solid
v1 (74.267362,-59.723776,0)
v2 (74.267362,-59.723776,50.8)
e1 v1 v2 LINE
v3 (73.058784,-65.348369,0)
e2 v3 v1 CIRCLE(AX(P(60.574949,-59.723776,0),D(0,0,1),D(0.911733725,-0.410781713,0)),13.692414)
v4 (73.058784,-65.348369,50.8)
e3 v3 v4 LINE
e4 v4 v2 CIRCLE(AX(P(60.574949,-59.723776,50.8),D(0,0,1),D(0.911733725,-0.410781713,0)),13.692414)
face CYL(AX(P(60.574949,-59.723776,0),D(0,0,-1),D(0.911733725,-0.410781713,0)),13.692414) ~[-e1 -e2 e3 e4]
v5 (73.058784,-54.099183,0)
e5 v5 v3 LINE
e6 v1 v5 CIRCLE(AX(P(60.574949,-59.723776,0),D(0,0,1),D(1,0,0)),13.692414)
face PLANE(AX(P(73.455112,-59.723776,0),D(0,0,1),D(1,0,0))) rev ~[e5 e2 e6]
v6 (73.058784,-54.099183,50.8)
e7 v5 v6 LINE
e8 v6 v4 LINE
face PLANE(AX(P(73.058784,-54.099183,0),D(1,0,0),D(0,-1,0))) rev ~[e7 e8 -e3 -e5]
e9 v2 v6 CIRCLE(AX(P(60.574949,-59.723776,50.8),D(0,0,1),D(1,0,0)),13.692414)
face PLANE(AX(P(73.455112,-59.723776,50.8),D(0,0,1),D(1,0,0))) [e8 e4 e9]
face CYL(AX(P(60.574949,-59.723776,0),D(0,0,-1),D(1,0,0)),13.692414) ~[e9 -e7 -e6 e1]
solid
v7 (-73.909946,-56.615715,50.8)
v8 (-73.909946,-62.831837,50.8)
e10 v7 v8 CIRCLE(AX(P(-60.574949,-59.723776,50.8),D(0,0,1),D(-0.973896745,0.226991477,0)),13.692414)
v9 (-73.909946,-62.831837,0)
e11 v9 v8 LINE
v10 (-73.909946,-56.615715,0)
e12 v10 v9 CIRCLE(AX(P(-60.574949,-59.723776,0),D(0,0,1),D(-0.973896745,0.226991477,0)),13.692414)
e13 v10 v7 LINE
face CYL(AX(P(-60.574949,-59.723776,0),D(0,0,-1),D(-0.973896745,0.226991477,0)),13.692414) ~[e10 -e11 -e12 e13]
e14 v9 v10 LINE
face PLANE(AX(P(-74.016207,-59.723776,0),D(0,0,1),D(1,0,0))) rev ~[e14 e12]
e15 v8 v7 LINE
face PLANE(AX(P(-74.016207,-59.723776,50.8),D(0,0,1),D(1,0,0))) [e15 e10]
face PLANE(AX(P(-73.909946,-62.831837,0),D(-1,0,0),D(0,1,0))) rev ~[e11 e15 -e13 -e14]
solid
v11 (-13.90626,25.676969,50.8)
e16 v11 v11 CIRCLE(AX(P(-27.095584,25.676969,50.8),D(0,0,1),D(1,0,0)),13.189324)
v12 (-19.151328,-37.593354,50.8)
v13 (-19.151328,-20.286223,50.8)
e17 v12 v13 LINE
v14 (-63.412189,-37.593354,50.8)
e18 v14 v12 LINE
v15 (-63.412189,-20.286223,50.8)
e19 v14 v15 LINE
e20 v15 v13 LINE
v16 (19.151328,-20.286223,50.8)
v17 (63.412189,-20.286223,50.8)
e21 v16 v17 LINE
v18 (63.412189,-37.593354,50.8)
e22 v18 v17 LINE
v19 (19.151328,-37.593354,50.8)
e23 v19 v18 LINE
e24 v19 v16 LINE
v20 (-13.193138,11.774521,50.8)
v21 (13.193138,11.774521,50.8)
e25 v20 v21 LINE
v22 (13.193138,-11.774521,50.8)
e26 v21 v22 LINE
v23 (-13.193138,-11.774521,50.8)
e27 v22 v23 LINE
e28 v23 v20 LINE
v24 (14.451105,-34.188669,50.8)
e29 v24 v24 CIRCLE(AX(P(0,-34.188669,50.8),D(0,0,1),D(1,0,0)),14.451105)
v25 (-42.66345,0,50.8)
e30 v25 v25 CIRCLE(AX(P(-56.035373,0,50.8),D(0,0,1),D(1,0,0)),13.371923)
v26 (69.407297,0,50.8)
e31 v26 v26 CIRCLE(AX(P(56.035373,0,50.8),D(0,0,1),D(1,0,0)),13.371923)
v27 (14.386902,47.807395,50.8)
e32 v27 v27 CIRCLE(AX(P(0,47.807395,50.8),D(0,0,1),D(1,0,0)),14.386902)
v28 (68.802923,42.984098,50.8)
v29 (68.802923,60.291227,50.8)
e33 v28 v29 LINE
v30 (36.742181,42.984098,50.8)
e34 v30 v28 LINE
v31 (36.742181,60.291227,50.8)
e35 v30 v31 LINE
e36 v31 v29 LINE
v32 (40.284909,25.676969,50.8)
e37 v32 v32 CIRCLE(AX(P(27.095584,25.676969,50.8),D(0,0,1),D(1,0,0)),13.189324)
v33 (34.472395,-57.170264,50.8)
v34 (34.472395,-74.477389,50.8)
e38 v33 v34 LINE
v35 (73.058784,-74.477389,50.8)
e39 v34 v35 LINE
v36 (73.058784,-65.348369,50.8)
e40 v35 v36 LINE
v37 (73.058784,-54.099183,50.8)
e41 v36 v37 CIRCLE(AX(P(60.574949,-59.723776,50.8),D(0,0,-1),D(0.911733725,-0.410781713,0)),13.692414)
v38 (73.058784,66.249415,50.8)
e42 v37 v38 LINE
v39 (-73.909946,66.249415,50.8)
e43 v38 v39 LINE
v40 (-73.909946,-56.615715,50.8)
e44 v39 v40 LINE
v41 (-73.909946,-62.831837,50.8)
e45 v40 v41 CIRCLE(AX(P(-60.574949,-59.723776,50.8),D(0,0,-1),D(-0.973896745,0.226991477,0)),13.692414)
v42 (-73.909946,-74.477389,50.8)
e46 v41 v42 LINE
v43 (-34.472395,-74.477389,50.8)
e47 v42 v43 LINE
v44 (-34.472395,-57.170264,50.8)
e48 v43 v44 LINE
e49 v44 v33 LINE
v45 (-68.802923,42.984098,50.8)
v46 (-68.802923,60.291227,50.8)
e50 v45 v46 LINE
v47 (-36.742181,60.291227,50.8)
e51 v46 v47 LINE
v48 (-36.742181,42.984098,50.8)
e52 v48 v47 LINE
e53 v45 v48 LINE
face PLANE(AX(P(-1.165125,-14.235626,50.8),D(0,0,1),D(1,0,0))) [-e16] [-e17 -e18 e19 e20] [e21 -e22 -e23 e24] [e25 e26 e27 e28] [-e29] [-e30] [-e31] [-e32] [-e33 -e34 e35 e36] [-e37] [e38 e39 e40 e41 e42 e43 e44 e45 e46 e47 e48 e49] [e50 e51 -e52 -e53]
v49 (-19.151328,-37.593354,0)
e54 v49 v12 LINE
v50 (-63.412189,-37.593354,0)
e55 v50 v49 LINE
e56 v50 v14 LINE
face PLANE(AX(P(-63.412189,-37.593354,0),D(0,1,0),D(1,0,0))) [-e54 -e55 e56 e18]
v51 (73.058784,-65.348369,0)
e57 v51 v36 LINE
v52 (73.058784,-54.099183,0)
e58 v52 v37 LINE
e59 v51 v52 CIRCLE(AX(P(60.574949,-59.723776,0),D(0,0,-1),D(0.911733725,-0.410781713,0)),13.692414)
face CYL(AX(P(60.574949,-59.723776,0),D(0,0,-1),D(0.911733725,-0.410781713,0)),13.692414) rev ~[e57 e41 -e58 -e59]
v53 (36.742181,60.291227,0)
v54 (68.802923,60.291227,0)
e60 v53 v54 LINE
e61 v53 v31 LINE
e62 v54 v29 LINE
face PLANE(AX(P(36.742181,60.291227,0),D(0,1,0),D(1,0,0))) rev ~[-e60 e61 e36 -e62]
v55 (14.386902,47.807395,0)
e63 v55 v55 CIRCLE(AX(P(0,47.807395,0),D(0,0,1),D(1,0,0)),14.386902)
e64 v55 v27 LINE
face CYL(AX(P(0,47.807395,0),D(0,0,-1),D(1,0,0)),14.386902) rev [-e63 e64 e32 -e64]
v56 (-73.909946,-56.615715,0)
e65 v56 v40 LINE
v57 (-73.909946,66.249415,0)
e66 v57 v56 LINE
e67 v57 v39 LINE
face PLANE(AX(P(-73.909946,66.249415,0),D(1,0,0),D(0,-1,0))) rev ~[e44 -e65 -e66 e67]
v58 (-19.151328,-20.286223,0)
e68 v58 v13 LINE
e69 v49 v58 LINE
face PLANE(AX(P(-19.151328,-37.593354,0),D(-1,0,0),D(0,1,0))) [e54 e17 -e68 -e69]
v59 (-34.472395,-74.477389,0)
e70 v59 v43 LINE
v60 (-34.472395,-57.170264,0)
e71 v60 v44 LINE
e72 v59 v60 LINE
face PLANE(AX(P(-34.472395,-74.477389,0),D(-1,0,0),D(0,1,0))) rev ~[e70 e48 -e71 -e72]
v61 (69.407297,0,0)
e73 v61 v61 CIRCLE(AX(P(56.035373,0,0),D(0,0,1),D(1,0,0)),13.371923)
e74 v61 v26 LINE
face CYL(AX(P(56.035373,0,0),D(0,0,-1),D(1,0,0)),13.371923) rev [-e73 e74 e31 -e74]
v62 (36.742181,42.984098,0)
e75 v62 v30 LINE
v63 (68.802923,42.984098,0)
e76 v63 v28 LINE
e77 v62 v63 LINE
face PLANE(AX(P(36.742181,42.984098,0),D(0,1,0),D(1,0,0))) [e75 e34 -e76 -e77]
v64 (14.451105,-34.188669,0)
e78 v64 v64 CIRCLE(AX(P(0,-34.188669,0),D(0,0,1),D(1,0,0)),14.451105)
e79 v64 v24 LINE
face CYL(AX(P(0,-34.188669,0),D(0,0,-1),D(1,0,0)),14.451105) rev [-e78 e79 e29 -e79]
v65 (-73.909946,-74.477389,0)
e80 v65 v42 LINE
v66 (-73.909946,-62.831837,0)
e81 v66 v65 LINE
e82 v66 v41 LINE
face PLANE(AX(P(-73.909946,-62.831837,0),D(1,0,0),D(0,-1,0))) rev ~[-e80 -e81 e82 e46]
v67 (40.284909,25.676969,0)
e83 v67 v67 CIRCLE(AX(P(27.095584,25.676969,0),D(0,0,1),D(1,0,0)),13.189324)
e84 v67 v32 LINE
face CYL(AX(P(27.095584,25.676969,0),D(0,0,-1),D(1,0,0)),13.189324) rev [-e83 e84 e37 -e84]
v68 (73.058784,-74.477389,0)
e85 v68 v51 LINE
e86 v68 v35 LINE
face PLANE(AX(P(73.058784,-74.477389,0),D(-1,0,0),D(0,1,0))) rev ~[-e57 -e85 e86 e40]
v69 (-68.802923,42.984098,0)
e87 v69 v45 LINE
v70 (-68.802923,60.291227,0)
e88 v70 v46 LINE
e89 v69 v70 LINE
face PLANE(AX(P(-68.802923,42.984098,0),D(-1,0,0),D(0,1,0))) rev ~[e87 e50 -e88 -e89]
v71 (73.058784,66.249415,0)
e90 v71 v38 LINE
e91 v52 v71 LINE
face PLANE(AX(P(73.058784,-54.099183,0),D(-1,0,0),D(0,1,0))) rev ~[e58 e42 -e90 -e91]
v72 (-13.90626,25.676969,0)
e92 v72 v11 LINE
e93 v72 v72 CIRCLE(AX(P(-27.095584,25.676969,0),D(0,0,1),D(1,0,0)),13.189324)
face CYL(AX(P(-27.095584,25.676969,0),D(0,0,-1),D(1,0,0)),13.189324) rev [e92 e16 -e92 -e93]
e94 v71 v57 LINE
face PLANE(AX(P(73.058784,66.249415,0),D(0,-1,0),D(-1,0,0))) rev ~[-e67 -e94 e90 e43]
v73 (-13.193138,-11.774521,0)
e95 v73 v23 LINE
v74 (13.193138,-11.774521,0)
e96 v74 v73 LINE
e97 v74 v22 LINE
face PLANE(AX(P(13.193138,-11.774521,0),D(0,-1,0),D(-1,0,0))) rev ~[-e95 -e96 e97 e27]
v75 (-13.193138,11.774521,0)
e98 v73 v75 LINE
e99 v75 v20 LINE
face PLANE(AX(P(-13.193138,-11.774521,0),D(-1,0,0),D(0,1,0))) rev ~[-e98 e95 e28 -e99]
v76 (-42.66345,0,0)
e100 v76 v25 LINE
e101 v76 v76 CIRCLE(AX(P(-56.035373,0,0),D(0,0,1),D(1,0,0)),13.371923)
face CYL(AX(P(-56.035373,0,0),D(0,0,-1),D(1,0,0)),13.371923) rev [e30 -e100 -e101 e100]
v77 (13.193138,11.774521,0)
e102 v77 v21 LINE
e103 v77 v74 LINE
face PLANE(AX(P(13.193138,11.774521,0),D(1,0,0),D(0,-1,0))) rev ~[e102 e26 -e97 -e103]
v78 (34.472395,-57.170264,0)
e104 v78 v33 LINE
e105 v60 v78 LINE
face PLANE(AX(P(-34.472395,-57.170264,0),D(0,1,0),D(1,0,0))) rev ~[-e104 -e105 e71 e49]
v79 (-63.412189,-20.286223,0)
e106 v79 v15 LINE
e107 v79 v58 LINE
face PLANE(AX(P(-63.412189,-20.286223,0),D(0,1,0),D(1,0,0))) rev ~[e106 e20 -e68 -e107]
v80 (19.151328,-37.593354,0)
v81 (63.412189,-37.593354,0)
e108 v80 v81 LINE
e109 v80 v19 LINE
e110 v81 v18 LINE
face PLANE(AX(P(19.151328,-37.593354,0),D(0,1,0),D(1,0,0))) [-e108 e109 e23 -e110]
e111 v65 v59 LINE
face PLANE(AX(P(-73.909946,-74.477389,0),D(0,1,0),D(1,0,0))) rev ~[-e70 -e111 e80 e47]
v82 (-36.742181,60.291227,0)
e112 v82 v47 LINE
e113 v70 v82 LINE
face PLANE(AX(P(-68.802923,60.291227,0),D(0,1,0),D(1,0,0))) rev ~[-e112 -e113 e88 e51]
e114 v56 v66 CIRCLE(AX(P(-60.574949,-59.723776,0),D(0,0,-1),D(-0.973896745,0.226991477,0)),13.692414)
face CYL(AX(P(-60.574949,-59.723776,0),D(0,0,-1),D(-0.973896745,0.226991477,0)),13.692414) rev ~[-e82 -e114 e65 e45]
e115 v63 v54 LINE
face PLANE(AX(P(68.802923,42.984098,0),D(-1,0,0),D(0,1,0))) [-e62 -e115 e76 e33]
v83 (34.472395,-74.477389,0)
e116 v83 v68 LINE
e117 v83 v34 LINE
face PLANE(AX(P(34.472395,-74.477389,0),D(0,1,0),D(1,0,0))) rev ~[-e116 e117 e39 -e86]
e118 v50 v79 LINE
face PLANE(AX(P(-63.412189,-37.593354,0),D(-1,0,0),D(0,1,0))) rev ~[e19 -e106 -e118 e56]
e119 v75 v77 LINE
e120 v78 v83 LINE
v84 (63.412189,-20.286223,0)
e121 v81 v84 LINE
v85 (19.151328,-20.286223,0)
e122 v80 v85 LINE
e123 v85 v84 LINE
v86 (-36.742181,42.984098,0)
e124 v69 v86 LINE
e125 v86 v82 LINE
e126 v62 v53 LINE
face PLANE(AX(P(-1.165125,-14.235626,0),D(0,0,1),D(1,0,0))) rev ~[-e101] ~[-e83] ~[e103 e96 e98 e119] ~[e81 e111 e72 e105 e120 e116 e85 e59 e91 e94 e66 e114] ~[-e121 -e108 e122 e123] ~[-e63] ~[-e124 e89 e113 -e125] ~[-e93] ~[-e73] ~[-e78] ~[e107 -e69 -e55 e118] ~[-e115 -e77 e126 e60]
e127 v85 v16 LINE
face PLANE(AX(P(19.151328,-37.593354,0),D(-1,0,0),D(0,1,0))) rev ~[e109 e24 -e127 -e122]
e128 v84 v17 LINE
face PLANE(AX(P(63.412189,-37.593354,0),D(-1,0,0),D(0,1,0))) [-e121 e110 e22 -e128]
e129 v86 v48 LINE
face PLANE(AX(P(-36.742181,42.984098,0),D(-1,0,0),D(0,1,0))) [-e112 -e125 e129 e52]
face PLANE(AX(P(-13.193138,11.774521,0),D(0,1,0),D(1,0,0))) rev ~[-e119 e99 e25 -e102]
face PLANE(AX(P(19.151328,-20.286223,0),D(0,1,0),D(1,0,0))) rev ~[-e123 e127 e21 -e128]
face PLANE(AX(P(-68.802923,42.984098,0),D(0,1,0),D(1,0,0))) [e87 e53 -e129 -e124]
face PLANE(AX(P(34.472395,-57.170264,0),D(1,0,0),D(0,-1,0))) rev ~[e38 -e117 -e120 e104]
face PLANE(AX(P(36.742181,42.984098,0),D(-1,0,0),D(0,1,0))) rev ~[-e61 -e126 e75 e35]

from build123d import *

# Parameters (mm, degrees)
F1_DEPTH = 50.8
F0_W     = 44.2608613521
F0_H     = 17.3071306199
F0_R     = 14.4511051607
F0_R_2   = 13.3719234315
F0_R_3   = 13.1893243286
F0_W_2   = 32.0607423782
F0_H_2   = 17.3071287572
F0_R_4   = 14.3869020543


with BuildPart() as f1:
    # F0 (on Top) → F1 (new body)
    with BuildSketch(Plane.XY):
        with BuildLine():
            Line((-73.909945786, -62.8318370183), (-73.909945786, -56.6157146494))
            ThreePointArc((-73.909945786, -56.6157146494), (-74.267362354, -59.7237758338), (-73.909945786, -62.8318370183))
        make_face()
    extrude(amount=F1_DEPTH)


with BuildPart() as f1b:
    # F0 (on Top) → F1, piece 2 (new body)
    with BuildSketch(Plane.XY):
        with BuildLine():
            ThreePointArc((74.267362354, -59.7237758338), (73.9618084643, -56.847288867), (73.058784008, -54.0991827407))
            Line((73.058784008, -54.0991827407), (73.058784008, -65.3483689269))
            ThreePointArc((73.058784008, -65.3483689269), (73.9618084643, -62.6002628007), (74.267362354, -59.7237758338))
        make_face()
    extrude(amount=F1_DEPTH)


with BuildPart() as f1c:
    # F0 (on Top) → F1, piece 3 (new body)
    with BuildSketch(Plane.XY):
        with BuildLine():
            Line((73.058784008, 66.2494152784), (-73.909945786, 66.2494152784))
            Line((-73.909945786, 66.2494152784), (-73.909945786, -56.6157146494))
            ThreePointArc((-73.909945786, -56.6157146494), (-59.0106765184, -46.1210098821), (-46.8825352214, -59.7237758338))
            ThreePointArc((-46.8825352214, -59.7237758338), (-59.0106765184, -73.3265417856), (-73.909945786, -62.8318370183))
            Line((-73.909945786, -62.8318370183), (-73.909945786, -74.4773894548))
            Line((-73.909945786, -74.4773894548), (-34.4723947346, -74.4773894548))
            Line((-34.4723947346, -74.4773894548), (-34.4723947346, -57.1702644229))
            Line((-34.4723947346, -57.1702644229), (0, -57.1702644229))
            Line((0, -57.1702644229), (34.4723947346, -57.1702644229))
            Line((34.4723947346, -57.1702644229), (34.4723947346, -74.4773894548))
            Line((34.4723947346, -74.4773894548), (73.058784008, -74.4773894548))
            Line((73.058784008, -74.4773894548), (73.058784008, -65.3483689269))
            ThreePointArc((73.058784008, -65.3483689269), (46.8825352214, -59.7237758338), (73.058784008, -54.0991827407))
            Line((73.058784008, -54.0991827407), (73.058784008, 66.2494152784))
        make_face()
        with Locations((-41.2817588076, -28.9397882298)):
            Rectangle(F0_W, F0_H, mode=Mode.SUBTRACT)
        with Locations((0, -34.1886691749)):
            Circle(F0_R, mode=Mode.SUBTRACT)
        with Locations((41.2817588076, -28.9397882298)):
            Rectangle(F0_W, F0_H, mode=Mode.SUBTRACT)
        with Locations((-56.0353733599, 0)):
            Circle(F0_R_2, mode=Mode.SUBTRACT)
        with Locations((-27.0955841988, 25.6769694388)):
            Circle(F0_R_3, mode=Mode.SUBTRACT)
        with Locations((-52.772551775, 51.6376625746)):
            Rectangle(F0_W_2, F0_H_2, mode=Mode.SUBTRACT)
        Polygon((-13.1931379437, 11.7745213211), (0, 11.7745213211), (13.1931379437, 11.7745213211), (13.1931379437, 0), (13.1931379437, -11.7745213211), (0, -11.7745213211), (-13.1931379437, -11.7745213211), (-13.1931379437, 0), align=None, mode=Mode.SUBTRACT)
        with Locations((27.0955841988, 25.6769694388)):
            Circle(F0_R_3, mode=Mode.SUBTRACT)
        with Locations((56.0353733599, 0)):
            Circle(F0_R_2, mode=Mode.SUBTRACT)
        with Locations((0, 47.8073954582)):
            Circle(F0_R_4, mode=Mode.SUBTRACT)
        with Locations((52.772551775, 51.6376625746)):
            Rectangle(F0_W_2, F0_H_2, mode=Mode.SUBTRACT)
    extrude(amount=F1_DEPTH)


solid = Compound([f1.part, f1b.part, f1c.part])
